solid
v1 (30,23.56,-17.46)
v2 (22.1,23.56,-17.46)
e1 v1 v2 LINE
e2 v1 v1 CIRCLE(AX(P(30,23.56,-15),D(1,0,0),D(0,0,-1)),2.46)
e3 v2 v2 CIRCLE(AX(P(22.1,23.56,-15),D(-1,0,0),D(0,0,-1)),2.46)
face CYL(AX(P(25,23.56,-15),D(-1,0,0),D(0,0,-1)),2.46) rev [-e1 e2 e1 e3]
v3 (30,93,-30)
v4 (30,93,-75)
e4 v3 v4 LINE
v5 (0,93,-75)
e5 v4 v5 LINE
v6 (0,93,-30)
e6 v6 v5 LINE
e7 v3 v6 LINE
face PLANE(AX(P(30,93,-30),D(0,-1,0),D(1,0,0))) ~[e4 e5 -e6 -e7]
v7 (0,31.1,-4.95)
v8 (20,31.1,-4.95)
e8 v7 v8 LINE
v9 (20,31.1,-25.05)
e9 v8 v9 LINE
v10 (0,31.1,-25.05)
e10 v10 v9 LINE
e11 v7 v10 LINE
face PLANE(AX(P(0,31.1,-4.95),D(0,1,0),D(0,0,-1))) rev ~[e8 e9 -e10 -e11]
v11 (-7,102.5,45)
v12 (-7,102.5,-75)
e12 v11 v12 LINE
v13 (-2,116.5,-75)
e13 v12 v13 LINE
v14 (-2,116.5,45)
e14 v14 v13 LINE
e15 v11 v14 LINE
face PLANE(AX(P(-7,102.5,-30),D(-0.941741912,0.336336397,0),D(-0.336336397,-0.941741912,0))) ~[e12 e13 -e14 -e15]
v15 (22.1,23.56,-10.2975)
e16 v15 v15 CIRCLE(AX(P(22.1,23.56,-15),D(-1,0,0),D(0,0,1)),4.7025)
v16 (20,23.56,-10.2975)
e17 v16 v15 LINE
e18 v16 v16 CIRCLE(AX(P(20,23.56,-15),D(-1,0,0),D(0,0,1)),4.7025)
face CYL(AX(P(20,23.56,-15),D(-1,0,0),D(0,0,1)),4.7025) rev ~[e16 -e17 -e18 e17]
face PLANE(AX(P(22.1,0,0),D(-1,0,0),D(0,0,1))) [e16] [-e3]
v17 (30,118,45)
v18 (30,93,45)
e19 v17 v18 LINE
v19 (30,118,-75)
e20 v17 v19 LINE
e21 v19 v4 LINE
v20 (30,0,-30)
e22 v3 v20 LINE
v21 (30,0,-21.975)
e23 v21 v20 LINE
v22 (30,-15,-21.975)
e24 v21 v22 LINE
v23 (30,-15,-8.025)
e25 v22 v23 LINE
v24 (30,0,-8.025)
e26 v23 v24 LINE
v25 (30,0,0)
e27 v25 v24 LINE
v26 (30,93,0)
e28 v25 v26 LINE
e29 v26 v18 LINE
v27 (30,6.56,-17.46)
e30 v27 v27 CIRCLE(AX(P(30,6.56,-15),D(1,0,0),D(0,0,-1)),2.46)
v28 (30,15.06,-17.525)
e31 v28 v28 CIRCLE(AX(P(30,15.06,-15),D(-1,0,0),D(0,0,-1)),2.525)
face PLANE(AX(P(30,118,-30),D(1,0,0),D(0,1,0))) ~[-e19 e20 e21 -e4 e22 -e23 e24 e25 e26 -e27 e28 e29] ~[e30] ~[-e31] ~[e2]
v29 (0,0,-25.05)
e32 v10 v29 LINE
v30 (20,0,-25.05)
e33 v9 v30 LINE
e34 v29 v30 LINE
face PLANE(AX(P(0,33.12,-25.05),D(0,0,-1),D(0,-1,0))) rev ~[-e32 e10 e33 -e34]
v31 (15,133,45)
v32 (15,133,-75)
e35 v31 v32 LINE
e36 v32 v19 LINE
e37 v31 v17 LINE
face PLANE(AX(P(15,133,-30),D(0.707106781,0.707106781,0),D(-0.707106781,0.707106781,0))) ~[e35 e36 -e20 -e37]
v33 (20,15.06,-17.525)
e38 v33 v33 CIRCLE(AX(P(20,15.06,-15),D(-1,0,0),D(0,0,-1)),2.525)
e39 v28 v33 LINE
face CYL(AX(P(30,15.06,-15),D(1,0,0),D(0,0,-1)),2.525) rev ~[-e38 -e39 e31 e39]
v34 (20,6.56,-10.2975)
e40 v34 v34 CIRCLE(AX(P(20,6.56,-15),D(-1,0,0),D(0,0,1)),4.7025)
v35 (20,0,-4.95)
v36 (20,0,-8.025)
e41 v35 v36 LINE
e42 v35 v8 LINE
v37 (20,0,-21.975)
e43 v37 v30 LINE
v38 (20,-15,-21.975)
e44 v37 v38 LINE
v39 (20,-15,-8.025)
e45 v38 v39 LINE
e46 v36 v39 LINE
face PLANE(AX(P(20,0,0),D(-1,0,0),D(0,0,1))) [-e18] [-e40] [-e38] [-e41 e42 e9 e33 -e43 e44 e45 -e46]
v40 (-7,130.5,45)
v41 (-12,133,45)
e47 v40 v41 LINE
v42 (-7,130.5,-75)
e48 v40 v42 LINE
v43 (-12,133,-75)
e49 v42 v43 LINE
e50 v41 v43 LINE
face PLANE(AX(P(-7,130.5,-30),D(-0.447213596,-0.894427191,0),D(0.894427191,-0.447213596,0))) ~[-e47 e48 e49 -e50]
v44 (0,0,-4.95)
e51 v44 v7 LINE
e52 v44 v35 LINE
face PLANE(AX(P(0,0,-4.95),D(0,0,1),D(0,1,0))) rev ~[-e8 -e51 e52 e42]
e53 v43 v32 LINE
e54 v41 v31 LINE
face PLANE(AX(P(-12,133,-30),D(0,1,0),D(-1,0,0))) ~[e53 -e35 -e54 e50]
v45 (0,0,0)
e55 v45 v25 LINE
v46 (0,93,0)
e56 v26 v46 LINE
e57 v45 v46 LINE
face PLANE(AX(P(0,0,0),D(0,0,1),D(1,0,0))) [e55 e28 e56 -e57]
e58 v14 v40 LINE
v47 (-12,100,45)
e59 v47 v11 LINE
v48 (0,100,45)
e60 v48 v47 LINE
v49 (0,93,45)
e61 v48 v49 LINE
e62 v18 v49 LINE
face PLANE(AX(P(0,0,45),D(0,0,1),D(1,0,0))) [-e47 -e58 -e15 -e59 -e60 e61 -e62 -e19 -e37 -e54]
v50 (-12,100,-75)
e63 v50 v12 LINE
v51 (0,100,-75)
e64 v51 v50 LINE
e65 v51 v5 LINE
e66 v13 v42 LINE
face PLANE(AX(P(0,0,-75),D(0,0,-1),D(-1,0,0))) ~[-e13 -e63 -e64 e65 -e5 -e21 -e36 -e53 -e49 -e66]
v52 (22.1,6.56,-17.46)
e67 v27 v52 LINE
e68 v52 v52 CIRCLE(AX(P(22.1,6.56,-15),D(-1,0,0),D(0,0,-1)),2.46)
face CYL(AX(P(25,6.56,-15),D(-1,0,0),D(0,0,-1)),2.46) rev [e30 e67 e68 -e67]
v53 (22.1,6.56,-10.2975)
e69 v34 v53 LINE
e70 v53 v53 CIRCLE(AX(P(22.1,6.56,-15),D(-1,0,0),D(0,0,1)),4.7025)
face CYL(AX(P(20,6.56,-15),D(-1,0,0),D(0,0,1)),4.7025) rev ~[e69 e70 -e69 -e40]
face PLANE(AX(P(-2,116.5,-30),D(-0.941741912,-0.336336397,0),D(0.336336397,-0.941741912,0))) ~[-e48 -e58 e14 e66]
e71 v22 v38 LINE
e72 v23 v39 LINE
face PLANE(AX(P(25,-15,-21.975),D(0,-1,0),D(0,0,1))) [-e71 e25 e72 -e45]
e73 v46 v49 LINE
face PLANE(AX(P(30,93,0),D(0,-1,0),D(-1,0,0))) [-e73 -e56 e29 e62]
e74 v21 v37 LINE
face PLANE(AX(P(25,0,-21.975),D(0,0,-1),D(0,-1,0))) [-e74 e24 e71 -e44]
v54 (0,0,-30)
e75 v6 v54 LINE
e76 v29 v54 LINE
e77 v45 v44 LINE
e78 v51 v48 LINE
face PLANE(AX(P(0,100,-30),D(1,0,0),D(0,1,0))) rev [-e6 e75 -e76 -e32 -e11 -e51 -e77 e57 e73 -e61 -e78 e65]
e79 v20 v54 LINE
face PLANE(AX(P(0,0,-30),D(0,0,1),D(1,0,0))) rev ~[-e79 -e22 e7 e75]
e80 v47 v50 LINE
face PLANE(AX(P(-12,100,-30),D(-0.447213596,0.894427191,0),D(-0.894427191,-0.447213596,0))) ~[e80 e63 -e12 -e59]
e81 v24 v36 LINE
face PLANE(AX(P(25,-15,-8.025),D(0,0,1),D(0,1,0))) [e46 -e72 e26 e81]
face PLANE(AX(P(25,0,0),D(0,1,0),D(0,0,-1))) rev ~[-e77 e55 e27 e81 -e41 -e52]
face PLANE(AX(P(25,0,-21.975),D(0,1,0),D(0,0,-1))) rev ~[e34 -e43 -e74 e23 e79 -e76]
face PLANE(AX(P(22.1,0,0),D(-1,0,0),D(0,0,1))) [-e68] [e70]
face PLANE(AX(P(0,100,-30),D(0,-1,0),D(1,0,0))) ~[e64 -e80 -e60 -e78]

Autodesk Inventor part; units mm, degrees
ref_plane "YZ Plane" through (0, 0, 0) normal (1, 0, 0) x (0, 1, 0)
ref_plane "XZ Plane" through (0, 0, 0) normal (0, 1, 0) x (-1, 0, 0)
sketch "Sketch1" plane through (0, 0, 0) normal (0, 0, 1) x (1, 0, 0)
  line L0 (0, 0) -> (25, 0)
  line L1 (25, 0) -> (25, 40)
  line L2 (25, 40) -> (0, 40)
  line L3 (0, 40) -> (0, 0)
  dimension "d1" = 25
  dimension "d2" = 40
  dimension "d3" = 25
extrude "Extrusion1" add sketch "Sketch1" against normal blind 30
sketch "Sketch2" plane through (25, 0, 0) normal (1, 0, 0) x (0, 0, -1)
  line L0 (0, 0) -> (30, 0) projected
  circle A0 centre (15, 6.56) radius 2.46
extrude "Extrusion2" cut sketch "Sketch2" against normal blind 30
sketch "Sketch3" plane through (0, 0, 0) normal (-1, 0, 0) x (0, 0, 1)
  line L0 (0, 0) -> (-30, 0) projected
  line L1 (-25.05, 0) -> (-4.95, 0)
  line L2 (-4.95, 0) -> (-4.95, 33.12)
  line L3 (-4.95, 33.12) -> (-25.05, 33.12)
  line L4 (-25.05, 33.12) -> (-25.05, 0)
  dimension "d11" = 20.1
extrude "Extrusion3" cut sketch "Sketch3" against normal blind 20
sketch "Sketch4" plane through (0, 0, 0) normal (0, -1, 0) x (1, 0, 0)
  line L0 (20, -4.95) -> (20, -25.05) projected
  line L1 (20, -15) -> (25, -15)
  line L2 (25, 0) -> (25, -30) projected
  line L3 (20, -8.025) -> (25, -8.025)
  line L4 (25, -8.025) -> (25, -21.975)
  line L5 (25, -21.975) -> (20, -21.975)
  line L6 (20, -21.975) -> (20, -8.025)
  line L7 (20, -8.025) -> (25, -21.975) construction
  line L8 (25, -8.025) -> (20, -21.975) construction
  line L9 (25, -12.54) -> (25, -17.46) projected
  point P0 (0, 0)
  point P1 (22.5, -15)
  dimension "d14" = 13.95
extrude "Extrusion4" add sketch "Sketch4" along normal blind 15
sketch "Sketch5" plane through (20, 0, 0) normal (-1, 0, 0) x (0, 0, 1)
  circle A0 centre (-15, 6.56) radius 2.46 projected
  circle A1 centre (-15, 6.56) radius 4.7025
  circle A2 centre (-15, 6.56) radius 2.46 projected
  circle A3 centre (-15, 6.56) radius 2.46
  point P0 (0, 0)
  dimension "d17" = 9.405
extrude "Extrusion5" cut sketch "Sketch5" against normal blind 2.1
sketch "Sketch6" plane through (25, 0, 0) normal (1, 0, 0) x (0, 0, -1)
  circle A0 centre (15, 6.56) radius 4.7025 projected
  line L0 (15, 6.56) -> (15, 23.56)
  circle A1 centre (15, 23.56) radius 2.46
  point P0 (0, 0)
  dimension "d20" = 17
  dimension "d21" = 4.92
extrude "Extrusion6" cut sketch "Sketch6" against normal blind 10 contours A1
sketch "Sketch7" plane through (20, 0, 0) normal (-1, 0, 0) x (0, 0, 1)
  circle A0 centre (-15, 23.56) radius 2.46 projected
  circle A1 centre (-15, 23.56) radius 4.7025
  point P0 (0, 0)
  dimension "d24" = 9.405
extrude "Extrusion7" cut sketch "Sketch7" against normal blind 2.1
sketch "Sketch9" plane through (25, 0, 0) normal (1, 0, 0) x (0, 0, -1)
  circle A0 centre (15, 6.56) radius 2.46 projected
  circle A1 centre (15, 6.56) radius 2.46
  circle A2 centre (15, 23.56) radius 2.46 projected
  circle A3 centre (15, 23.56) radius 2.46
  line L0 (30, 40) -> (30, 0) projected
  line L1 (30, 0) -> (30, 40)
  line L2 (30, 40) -> (0, 40)
  line L3 (0, 40) -> (0, 0)
  line L4 (0, 0) -> (8.025, 0) projected
  line L5 (21.975, 0) -> (21.975, -15)
  line L6 (21.975, -15) -> (8.025, -15)
  line L7 (8.025, -15) -> (8.025, 0)
  line L8 (0, 0) -> (8.025, 0)
  line L9 (21.975, 0) -> (30, 0)
extrude "Extrusion8" add sketch "Sketch9" along normal blind 5
sketch "Sketch10" plane through (0, 40, 0) normal (0, 1, 0) x (1, 0, 0)
  line L0 (0, 30) -> (30, 30) projected
  line L1 (30, 0) -> (0, 0) projected
  line L2 (0, 30) -> (30, 30)
  line L3 (30, 30) -> (30, 0)
  line L4 (30, 0) -> (0, 0)
  line L5 (0, 0) -> (0, 30)
extrude "Extrusion9" add sketch "Sketch10" along normal blind 30
sketch "Sketch12" plane through (30, 0, 0) normal (1, 0, 0) x (0, 0, -1)
  circle A0 centre (15, 6.56) radius 2.46 projected
  line L0 (15, 6.56) -> (15, 15.06)
  circle A1 centre (15, 15.06) radius 2.525
  point P0 (0, 0)
  dimension "d31" = 8.5
  dimension "d33" = 5.05
extrude "Extrusion10" cut sketch "Sketch12" against normal blind 30 contours A1
sketch "Sketch14" plane through (0, 0, 0) normal (0, 0, 1) x (1, 0, 0)
  line L0 (30, 70) -> (0, 70) projected
  line L1 (0, 70) -> (0, 85)
  line L2 (30, 0) -> (30, 70) projected
  line L3 (30, 118) -> (30, 70)
  line L4 (30, 105) -> (30, 100)
  line L5 (-12, 133) -> (15, 133)
  line L6 (-7, 130.5) -> (-12, 133)
  line L7 (-7, 130.5) -> (-2, 116.5)
  line L8 (-7, 102.5) -> (-12, 100)
  line L9 (-7, 102.5) -> (-2, 116.5)
  line L10 (30, 118) -> (15, 133)
  line L11 (0, 100) -> (-12, 100)
  line L12 (0, 100) -> (0, 85)
  point P0 (0, 0)
  dimension "d79" = 12
extrude "Extrusion12" add sketch "Sketch14" against normal blind 30
sketch "Sketch15" plane through (0, 0, -25.05) normal (-1, 0, 0) x (0, 0, 1)
  line L0 (0, 33.12) -> (20.1, 33.12) projected
  line L1 (20.1, 33.12) -> (20.1, 0) projected
  line L2 (0, 33.12) -> (20.1, 33.12)
  line L3 (20.1, 33.12) -> (20.1, 31.1)
  line L4 (20.1, 31.1) -> (0, 31.1)
  line L5 (0, 31.1) -> (0, 33.12)
  point P0 (25.05, 0)
  dimension "d57" = 2.02
extrude "Extrusion13" add sketch "Sketch15" against normal blind 20
sketch "Sketch22" plane through (0, 0, 0) normal (0, 0, 1) x (1, 0, 0)
  line L0 (0, 100) -> (-12, 100) projected
  line L1 (0, 100) -> (-12, 100)
  line L2 (-12, 100) -> (-7, 102.5) projected
  line L3 (-12, 100) -> (-7, 102.5)
  line L4 (-7, 102.5) -> (-2, 116.5) projected
  line L5 (-7, 102.5) -> (-2, 116.5)
  line L6 (-2, 116.5) -> (-7, 130.5) projected
  line L7 (-2, 116.5) -> (-7, 130.5)
  line L8 (-7, 130.5) -> (-12, 133) projected
  line L9 (-7, 130.5) -> (-12, 133)
  line L10 (-12, 133) -> (15, 133) projected
  line L11 (-12, 133) -> (15, 133)
  line L12 (15, 133) -> (30, 118) projected
  line L13 (15, 133) -> (30, 118)
  line L14 (30, 118) -> (30, 93)
  line L15 (30, 0) -> (30, 118) projected
  line L16 (30, 93) -> (0, 93)
  line L17 (0, 100) -> (0, 0) projected
  line L18 (0, 93) -> (0, 100)
  dimension "d80" = 25
extrude "Extrusion14" add sketch "Sketch22" along normal blind 45
ref_plane "Work Plane1" through (0, 0, -15) normal (0, 0, 1) x (1, 0, 0)
mirror "Mirror1" about plane through (0, 0, -15) normal (0, 0, 1) of "Extrusion14"
properties part number "rec_b_28mm_x_120mm"
